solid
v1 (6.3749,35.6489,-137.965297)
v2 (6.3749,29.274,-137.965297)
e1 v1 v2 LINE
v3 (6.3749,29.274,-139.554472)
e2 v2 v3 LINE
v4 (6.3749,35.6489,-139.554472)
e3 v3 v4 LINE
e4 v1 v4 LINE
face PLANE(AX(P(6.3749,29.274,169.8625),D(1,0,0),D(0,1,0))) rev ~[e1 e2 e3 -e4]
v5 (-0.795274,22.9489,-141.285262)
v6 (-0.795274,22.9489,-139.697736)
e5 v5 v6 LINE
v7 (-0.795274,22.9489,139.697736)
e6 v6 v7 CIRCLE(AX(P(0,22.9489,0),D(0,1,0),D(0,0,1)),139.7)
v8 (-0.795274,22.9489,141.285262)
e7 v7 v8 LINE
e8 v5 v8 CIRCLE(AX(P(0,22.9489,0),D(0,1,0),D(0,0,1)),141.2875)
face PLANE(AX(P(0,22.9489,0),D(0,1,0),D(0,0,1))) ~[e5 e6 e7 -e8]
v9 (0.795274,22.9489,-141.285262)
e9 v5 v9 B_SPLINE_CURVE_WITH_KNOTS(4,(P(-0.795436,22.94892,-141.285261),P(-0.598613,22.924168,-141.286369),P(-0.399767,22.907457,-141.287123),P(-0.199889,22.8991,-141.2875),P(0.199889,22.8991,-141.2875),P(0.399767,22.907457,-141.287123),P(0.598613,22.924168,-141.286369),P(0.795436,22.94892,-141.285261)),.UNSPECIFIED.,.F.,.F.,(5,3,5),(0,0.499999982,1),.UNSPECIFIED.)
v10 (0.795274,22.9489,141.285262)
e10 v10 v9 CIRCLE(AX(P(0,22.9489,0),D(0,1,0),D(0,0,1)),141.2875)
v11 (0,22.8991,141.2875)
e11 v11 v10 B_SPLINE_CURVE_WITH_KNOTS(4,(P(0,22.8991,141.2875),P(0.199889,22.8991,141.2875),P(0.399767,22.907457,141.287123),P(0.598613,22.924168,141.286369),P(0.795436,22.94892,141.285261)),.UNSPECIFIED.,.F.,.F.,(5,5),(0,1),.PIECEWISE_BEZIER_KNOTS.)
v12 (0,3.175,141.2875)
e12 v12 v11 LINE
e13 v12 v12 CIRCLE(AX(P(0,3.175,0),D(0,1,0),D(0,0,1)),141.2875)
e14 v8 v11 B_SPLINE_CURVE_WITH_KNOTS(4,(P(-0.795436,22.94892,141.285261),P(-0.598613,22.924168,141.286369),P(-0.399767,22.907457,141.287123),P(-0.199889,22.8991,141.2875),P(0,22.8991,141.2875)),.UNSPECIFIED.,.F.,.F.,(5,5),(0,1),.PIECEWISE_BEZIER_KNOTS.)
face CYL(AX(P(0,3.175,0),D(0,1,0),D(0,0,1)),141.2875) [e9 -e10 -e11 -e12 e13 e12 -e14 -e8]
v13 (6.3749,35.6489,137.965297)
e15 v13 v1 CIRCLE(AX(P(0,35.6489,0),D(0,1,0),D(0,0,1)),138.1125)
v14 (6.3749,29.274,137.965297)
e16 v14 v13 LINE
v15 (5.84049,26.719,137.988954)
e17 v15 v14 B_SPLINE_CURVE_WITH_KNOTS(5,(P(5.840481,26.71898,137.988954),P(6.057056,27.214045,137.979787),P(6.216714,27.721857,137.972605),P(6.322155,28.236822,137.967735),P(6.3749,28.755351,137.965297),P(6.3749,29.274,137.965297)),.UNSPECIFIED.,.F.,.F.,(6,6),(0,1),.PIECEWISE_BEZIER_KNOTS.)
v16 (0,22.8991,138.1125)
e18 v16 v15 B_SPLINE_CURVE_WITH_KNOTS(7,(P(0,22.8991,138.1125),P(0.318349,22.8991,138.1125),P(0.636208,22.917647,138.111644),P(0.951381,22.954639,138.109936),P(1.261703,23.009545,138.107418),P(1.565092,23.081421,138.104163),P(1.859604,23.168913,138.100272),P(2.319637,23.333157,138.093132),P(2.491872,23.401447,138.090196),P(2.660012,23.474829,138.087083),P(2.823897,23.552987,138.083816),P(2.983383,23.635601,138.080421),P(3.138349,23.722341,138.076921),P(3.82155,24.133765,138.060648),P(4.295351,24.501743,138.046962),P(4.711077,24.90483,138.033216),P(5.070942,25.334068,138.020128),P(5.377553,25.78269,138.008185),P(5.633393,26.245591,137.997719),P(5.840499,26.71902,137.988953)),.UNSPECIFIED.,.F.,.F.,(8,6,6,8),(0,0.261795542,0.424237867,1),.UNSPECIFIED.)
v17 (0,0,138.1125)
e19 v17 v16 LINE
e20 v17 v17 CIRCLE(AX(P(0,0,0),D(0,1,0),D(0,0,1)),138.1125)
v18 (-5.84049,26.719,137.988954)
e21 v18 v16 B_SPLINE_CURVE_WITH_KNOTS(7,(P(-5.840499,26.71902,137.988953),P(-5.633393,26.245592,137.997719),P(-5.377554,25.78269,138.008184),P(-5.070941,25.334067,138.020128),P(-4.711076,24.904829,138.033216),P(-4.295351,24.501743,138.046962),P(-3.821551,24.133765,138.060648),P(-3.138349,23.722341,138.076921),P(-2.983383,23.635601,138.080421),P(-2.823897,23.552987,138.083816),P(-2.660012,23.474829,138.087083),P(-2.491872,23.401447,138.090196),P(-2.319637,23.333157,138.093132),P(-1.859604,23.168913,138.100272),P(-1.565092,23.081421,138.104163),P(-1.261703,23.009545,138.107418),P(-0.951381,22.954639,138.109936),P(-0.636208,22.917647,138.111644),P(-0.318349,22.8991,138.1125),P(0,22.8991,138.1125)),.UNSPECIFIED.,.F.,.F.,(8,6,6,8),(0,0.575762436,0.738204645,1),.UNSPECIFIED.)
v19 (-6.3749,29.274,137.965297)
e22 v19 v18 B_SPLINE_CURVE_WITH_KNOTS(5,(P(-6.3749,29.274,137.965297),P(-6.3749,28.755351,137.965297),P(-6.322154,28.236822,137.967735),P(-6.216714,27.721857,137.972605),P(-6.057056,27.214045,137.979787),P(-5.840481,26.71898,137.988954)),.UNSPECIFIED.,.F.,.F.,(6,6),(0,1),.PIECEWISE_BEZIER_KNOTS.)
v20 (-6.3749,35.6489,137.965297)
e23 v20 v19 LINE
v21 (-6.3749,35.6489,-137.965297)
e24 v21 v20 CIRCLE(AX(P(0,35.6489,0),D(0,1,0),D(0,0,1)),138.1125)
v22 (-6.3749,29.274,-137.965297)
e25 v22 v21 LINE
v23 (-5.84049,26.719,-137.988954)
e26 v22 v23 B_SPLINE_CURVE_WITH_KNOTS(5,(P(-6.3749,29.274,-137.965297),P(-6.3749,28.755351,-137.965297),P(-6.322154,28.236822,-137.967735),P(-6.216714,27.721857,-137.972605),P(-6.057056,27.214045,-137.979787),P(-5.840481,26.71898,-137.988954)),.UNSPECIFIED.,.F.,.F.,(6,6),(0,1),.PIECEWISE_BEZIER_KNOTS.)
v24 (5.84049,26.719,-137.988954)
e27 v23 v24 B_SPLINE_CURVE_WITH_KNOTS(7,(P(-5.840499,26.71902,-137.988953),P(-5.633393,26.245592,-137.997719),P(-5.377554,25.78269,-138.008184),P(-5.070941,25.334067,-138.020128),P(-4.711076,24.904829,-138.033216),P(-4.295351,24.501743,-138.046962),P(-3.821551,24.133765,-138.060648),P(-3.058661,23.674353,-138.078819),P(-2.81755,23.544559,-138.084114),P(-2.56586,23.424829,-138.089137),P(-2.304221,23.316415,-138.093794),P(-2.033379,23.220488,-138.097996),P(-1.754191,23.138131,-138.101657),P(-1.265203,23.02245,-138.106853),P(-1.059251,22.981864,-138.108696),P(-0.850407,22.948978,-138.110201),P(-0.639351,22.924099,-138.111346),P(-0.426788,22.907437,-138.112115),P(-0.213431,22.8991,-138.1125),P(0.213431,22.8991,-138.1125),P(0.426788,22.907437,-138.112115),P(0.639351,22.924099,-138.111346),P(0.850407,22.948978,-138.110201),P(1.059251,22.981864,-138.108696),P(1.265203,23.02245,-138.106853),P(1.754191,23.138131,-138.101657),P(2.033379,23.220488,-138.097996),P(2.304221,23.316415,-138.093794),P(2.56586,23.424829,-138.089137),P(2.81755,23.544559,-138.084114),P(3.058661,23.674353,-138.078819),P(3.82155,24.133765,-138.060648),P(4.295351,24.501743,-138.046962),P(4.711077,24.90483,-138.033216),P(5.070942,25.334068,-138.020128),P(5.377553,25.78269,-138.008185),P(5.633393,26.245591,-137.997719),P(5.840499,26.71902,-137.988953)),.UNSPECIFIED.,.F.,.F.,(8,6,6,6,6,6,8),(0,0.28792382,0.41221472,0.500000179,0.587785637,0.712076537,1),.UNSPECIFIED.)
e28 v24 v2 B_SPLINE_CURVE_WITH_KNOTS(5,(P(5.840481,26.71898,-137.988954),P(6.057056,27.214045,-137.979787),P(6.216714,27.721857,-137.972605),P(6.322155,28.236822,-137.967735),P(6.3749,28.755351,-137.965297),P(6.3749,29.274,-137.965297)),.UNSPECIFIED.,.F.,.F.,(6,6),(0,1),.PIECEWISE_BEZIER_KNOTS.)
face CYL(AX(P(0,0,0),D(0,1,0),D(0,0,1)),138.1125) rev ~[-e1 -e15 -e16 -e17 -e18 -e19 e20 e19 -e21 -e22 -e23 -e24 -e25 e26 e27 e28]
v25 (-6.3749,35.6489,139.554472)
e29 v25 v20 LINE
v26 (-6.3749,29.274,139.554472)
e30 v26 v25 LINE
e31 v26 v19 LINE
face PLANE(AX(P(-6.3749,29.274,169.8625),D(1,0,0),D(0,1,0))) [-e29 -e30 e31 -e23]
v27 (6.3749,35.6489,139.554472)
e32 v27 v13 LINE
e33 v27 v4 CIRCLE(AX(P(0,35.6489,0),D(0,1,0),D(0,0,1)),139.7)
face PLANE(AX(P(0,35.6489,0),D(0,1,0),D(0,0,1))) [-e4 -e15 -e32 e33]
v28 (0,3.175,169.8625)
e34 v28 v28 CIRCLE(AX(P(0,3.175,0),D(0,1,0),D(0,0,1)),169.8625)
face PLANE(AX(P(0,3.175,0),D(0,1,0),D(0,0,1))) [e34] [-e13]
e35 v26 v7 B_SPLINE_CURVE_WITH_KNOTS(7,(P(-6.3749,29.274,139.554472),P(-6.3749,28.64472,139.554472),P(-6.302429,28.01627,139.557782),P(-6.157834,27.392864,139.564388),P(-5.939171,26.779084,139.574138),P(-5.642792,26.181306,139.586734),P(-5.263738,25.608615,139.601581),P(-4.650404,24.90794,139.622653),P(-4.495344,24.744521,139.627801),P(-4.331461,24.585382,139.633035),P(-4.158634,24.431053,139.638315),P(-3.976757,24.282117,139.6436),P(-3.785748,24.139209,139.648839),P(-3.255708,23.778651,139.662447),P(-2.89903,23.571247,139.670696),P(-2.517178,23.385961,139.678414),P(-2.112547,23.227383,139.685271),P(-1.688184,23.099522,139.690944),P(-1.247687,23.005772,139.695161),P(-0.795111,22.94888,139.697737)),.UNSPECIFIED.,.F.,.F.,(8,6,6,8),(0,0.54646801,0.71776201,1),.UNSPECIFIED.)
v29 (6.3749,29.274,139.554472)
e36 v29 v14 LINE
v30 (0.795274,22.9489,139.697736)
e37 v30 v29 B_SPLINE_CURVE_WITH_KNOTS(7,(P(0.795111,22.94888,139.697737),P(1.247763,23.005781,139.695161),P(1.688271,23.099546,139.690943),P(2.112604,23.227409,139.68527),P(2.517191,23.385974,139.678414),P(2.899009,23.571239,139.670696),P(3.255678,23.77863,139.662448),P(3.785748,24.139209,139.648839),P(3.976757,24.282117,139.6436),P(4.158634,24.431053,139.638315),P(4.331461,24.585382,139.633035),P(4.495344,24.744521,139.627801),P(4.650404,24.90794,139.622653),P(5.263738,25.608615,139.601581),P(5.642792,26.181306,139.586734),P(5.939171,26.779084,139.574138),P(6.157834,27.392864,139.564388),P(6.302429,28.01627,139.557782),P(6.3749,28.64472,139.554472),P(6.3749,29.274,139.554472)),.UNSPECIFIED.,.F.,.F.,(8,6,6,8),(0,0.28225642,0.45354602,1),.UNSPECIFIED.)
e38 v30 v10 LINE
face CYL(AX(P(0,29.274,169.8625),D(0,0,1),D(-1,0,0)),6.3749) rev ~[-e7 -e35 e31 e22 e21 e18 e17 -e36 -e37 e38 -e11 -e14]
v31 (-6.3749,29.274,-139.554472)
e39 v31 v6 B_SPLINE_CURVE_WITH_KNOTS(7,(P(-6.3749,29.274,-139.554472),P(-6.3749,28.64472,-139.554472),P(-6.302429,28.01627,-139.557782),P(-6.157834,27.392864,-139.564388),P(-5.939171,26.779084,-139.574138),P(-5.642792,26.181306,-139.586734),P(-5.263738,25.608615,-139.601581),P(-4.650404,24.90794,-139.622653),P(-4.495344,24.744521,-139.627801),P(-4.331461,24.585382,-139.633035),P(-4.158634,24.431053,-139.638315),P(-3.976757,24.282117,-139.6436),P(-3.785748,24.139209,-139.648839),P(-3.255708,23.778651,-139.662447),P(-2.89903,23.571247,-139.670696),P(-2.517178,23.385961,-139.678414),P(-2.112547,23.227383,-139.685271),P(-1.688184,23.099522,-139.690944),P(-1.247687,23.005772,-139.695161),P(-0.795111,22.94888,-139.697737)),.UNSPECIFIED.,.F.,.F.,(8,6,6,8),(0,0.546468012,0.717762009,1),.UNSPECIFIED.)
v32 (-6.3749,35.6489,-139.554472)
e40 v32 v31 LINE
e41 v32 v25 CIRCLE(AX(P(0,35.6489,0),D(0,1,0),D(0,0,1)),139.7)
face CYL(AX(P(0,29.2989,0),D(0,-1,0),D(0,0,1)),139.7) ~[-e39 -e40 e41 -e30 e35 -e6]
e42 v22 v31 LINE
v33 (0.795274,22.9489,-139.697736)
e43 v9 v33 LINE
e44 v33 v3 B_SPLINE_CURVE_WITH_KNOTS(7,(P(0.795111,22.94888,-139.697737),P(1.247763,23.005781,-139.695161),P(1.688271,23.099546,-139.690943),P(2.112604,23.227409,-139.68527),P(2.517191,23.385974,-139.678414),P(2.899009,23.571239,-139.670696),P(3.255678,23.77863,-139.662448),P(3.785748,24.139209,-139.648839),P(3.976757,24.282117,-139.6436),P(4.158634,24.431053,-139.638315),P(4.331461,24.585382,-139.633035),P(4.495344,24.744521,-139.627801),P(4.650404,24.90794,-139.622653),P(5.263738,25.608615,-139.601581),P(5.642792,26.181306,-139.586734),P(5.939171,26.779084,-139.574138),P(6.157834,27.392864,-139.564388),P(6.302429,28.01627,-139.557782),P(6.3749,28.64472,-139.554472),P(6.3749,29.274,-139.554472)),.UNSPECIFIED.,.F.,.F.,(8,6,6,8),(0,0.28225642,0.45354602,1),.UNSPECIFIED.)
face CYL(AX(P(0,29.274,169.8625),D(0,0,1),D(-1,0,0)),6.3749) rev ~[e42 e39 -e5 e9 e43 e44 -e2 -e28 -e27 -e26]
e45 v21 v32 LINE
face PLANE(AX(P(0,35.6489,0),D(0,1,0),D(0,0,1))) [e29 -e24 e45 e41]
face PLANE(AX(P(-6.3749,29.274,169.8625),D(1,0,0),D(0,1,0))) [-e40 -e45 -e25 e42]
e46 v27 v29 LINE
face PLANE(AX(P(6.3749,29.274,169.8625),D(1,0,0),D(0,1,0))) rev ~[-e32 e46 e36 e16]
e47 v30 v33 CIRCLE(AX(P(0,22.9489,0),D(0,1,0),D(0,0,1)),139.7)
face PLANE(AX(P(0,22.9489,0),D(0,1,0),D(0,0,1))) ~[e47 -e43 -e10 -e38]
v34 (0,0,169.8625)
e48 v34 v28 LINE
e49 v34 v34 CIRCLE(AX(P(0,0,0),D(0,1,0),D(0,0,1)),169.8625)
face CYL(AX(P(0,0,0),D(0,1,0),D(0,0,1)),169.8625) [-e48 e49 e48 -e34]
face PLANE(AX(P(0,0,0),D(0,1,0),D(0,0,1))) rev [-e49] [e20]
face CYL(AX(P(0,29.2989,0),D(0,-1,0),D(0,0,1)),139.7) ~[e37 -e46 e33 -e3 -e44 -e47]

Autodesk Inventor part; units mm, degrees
ref_plane "YZ Plane" through (0, 0, 0) normal (1, 0, 0) x (0, 1, 0)
ref_plane "XZ Plane" through (0, 0, 0) normal (0, 1, 0) x (-1, 0, 0)
ref_plane "XY Plane" through (0, 0, 0) normal (0, 0, 1) x (1, 0, 0)
sketch "Sketch1" plane through (0, 0, 0) normal (1, 0, 0) x (0, 1, 0)
  line L0 (0, 0) -> (50.8, 0)
  line L1 (0, 138.1125) -> (26.719, 138.1125)
  line L2 (0, 138.1125) -> (0, 169.8625)
  line L3 (0, 169.8625) -> (3.175, 169.8625)
  line L4 (3.175, 169.8625) -> (3.175, 141.2875)
  line L5 (3.175, 141.2875) -> (22.9489, 141.2875)
  line L6 (60.325, 141.2875) -> (60.325, 179.3875)
  line L7 (60.325, 179.3875) -> (63.5, 179.3875)
  line L8 (63.5, 179.3875) -> (63.5, 138.1125)
  line L9 (35.6489, 138.1125) -> (26.719, 138.1125)
  line L10 (29.2989, 139.7) -> (22.9489, 139.7)
  line L11 (22.9489, 139.7) -> (22.9489, 141.2875)
  line L12 (29.2989, 139.7) -> (35.6489, 139.7)
  line L13 (35.6489, 139.7) -> (35.6489, 138.1125)
  line L14 (29.2989, 166.1379) -> (29.2989, 141.2875)
  line L15 (29.2989, 138.1125) -> (29.2989, 120.1049)
  point P0 (62.1333, 179.3875)
  point P1 (1.5875, 169.8625)
  dimension "d0" = 50.8
  dimension "d1" = 138.1125
  dimension "d2" = 31.75
  dimension "d3" = 3.175
  dimension "d4" = 3.175
  dimension "d5" = 57.15
  dimension "d6" = 38.1
  dimension "d7" = 3.175
  dimension "d13" = 26.1239
  dimension "d14" = 1.5875
  dimension "d15" = 6.35
  dimension "d16" = 6.35
revolve "Revolution1" add sketch "Sketch1" angle 360 about axis through (0, 0, 0) along (0, 1, 0)
ref_plane "Work Plane2" through (0, 1.5875, 169.8625) normal (0, 0, 1) x (1, 0, 0)
sketch "Sketch3" plane through (0, 1.5875, 169.8625) normal (0, 0, 1) x (1, 0, 0)
  arc A0 (-6.3749, 27.6865) -> (6.3749, 27.6865) centre (0, 27.6865) ccw
  line L0 (138.1125, 34.0614) -> (-138.1125, 34.0614) projected
  line L1 (-6.3749, 27.6865) -> (-6.3749, 34.0614)
  line L2 (6.3749, 27.6865) -> (6.3749, 34.0614)
  point P0 (0, -1.5875)
  point P1 (0, 17.4621)
extrude "Extrusion2" cut sketch "Sketch3" against normal through all
properties part number "Layer2_Bottom"
